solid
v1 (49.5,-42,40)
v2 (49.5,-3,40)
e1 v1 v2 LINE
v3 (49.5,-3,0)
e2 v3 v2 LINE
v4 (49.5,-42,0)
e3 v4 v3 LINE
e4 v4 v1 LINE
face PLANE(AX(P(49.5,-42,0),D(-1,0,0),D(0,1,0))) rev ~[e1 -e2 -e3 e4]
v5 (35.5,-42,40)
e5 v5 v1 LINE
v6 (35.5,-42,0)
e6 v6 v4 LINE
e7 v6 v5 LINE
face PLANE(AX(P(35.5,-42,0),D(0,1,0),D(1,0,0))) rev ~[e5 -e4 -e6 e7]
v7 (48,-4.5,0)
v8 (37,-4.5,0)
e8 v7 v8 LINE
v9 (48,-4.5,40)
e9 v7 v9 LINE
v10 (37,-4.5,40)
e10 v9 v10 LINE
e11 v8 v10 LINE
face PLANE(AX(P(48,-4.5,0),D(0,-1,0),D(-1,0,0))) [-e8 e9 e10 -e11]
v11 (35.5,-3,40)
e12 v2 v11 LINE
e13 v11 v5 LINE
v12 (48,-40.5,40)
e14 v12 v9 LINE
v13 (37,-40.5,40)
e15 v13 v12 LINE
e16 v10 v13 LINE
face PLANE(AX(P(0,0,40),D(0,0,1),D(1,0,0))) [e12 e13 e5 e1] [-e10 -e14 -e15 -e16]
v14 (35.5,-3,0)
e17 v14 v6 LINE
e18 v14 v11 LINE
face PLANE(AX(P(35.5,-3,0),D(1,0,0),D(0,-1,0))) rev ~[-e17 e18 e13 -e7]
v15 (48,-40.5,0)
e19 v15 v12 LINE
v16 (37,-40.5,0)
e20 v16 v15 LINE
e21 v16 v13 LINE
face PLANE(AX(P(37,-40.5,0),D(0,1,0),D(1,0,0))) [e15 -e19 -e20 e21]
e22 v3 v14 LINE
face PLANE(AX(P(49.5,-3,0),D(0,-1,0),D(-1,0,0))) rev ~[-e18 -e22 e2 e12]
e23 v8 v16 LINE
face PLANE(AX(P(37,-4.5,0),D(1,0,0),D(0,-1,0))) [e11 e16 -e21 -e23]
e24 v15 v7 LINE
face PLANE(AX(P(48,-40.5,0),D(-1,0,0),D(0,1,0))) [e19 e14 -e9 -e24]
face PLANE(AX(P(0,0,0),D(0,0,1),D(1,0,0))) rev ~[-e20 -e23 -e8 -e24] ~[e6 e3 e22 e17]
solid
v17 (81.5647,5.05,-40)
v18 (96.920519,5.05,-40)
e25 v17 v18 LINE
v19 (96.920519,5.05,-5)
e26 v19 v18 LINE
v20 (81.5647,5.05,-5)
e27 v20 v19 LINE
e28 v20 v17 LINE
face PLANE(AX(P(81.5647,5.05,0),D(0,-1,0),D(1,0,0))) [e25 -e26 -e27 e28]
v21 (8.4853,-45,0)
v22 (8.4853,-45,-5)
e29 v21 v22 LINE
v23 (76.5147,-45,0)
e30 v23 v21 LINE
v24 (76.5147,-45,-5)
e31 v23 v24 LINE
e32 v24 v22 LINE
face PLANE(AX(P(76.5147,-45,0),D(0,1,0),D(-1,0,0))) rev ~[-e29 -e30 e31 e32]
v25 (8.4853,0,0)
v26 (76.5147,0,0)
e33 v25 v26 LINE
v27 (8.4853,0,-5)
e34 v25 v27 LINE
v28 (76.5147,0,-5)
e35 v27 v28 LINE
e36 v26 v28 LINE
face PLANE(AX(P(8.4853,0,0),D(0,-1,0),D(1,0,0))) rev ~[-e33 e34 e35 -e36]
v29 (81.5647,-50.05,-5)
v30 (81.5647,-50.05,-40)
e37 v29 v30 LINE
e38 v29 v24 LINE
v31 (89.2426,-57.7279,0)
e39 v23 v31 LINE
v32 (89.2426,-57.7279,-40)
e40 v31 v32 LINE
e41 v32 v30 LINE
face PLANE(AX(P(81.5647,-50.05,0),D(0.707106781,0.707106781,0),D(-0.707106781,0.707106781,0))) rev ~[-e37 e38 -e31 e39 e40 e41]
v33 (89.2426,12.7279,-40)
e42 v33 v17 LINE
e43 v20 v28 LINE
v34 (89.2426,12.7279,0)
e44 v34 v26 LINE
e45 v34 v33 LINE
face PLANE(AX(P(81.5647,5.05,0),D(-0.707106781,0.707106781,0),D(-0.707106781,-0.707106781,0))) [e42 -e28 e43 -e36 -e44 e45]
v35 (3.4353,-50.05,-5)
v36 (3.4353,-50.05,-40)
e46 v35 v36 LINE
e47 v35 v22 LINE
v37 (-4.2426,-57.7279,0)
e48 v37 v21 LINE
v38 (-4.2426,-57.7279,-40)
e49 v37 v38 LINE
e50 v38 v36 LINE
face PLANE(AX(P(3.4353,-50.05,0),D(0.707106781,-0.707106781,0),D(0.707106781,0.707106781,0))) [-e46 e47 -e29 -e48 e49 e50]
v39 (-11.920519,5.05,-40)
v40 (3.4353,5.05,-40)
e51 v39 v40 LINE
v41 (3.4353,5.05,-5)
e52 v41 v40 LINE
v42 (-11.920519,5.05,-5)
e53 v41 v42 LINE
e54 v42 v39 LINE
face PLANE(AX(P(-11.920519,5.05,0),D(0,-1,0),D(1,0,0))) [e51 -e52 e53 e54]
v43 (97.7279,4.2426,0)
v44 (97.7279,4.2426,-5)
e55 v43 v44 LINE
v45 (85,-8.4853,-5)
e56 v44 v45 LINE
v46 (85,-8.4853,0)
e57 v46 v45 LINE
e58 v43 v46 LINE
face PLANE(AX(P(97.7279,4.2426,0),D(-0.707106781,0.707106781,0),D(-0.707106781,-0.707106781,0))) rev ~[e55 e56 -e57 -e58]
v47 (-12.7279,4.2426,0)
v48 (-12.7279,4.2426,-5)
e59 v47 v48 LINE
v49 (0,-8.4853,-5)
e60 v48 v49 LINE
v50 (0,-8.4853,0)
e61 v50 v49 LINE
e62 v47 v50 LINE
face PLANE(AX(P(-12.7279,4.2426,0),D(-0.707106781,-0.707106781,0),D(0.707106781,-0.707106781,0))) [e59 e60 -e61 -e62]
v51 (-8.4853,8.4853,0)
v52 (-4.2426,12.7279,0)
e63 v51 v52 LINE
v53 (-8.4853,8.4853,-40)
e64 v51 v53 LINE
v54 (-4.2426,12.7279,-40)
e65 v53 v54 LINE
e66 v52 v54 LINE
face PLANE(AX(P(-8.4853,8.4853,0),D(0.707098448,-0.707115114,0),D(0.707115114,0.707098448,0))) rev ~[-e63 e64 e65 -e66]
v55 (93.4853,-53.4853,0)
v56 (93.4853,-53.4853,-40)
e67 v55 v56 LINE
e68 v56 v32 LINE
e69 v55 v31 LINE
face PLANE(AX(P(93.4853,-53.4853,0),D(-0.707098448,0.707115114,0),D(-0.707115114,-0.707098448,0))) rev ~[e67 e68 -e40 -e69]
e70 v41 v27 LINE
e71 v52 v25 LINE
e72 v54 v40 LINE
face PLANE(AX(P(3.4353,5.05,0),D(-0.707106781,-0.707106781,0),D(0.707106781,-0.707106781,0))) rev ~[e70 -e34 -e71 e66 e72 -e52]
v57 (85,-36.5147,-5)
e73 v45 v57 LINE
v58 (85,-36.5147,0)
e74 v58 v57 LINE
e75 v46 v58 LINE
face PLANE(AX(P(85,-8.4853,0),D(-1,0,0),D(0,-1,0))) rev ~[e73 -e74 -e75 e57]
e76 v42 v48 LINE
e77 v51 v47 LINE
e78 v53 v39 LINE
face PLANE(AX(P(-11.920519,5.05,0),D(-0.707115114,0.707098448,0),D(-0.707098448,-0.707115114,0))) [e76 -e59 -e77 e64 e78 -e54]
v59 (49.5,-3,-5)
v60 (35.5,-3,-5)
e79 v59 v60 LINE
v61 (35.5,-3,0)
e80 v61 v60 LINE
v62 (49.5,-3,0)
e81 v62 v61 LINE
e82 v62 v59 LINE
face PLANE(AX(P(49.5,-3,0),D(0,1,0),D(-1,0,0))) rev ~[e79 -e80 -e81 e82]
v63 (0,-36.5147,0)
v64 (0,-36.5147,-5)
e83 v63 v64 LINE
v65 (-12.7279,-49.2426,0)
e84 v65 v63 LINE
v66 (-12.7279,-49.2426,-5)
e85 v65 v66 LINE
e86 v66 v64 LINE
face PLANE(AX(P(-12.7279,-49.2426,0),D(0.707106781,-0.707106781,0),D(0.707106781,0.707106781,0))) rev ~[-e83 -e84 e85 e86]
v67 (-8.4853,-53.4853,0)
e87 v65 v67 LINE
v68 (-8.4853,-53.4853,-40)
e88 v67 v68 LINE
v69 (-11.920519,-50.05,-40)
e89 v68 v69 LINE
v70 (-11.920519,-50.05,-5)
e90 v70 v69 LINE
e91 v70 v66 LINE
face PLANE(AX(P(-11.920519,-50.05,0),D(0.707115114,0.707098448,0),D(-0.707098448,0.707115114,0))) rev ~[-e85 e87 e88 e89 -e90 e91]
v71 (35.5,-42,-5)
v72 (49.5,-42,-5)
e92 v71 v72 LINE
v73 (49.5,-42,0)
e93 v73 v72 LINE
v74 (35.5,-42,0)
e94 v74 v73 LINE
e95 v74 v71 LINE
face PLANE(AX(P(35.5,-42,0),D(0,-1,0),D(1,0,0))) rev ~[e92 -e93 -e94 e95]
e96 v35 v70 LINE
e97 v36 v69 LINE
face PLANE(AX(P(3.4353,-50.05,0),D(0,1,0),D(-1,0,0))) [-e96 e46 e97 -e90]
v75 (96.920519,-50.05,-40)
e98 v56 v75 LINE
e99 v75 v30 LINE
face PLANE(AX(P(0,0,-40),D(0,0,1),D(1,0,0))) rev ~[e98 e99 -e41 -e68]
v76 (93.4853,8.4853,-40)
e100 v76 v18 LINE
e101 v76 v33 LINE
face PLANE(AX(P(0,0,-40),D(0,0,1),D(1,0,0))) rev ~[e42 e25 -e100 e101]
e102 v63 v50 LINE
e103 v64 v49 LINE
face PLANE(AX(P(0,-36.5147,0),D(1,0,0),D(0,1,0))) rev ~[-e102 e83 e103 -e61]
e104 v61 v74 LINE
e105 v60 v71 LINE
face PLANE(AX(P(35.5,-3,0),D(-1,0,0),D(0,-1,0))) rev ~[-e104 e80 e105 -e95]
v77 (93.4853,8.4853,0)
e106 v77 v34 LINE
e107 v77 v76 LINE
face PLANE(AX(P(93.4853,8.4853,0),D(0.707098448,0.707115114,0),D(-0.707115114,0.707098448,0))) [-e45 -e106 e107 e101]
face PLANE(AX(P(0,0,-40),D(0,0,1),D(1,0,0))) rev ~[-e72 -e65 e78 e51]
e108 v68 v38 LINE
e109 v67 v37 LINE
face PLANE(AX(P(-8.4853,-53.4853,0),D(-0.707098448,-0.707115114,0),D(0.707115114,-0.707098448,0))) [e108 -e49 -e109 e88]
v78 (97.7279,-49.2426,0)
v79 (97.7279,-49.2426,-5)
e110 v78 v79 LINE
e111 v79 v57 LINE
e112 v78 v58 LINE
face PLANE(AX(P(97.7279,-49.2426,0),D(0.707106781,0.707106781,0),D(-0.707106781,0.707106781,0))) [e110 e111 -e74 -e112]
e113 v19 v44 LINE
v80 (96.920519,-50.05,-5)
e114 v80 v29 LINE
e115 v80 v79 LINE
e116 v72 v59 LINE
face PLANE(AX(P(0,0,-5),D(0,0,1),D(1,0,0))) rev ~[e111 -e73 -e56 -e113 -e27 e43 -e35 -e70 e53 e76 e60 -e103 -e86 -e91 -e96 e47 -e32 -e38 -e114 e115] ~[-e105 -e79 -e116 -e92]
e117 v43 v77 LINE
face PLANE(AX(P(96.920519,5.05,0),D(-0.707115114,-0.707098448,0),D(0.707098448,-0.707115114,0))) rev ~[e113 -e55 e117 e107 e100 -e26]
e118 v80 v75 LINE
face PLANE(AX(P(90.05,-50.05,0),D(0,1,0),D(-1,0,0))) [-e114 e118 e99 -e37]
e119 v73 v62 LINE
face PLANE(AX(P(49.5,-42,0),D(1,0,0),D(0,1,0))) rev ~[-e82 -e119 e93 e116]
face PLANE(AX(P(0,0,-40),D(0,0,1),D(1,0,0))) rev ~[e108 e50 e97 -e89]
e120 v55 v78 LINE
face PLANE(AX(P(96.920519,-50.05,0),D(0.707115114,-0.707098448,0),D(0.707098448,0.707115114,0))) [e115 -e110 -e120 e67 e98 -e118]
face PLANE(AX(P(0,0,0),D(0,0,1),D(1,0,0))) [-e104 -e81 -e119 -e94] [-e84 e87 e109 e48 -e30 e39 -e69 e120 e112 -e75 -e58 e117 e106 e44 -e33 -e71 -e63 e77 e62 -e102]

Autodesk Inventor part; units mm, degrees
ref_plane "YZ Plane" through (0, 0, 0) normal (1, 0, 0) x (0, 1, 0)
ref_plane "XZ Plane" through (0, 0, 0) normal (0, 1, 0) x (-1, 0, 0)
ref_plane "XY Plane" through (0, 0, 0) normal (0, 0, 1) x (1, 0, 0)
sketch "Sketch1" plane through (0, 0, 0) normal (0, 0, 1) x (1, 0, 0)
  line L0 (0, 0) -> (85, 0)
  line L1 (85, 0) -> (85, -45)
  line L2 (85, -45) -> (0, -45)
  line L3 (0, -45) -> (0, 0)
  line L4 (0, -45) -> (-8.4853, -53.4853)
  line L5 (0, -45) -> (12, -45) construction
  line L6 (0, 0) -> (-8.4853, 8.4853)
  line L7 (0, 0) -> (12, 0) construction
  line L8 (85, 0) -> (93.4853, 8.4853)
  line L9 (85, 0) -> (97, 0) construction
  line L10 (85, -45) -> (93.4853, -53.4853)
  line L11 (-8.4853, 8.4853) -> (-4.2426, 12.7279)
  line L12 (-8.4853, 8.4853) -> (-12.7279, 4.2426)
  line L13 (93.4853, 8.4853) -> (89.2426, 12.7279)
  line L14 (93.4853, 8.4853) -> (97.7279, 4.2426)
  line L15 (93.4853, -53.4853) -> (97.7279, -49.2426)
  line L16 (93.4853, -53.4853) -> (89.2426, -57.7279)
  line L17 (-8.4853, -53.4853) -> (-4.2426, -57.7279)
  line L18 (-8.4853, -53.4853) -> (-12.7279, -49.2426)
  line L19 (-12.7279, -49.2426) -> (0, -36.5147)
  line L20 (-4.2426, -57.7279) -> (8.4853, -45)
  line L21 (-12.7279, 4.2426) -> (0, -8.4853)
  line L22 (-4.2426, 12.7279) -> (8.4853, 0)
  line L23 (89.2426, 12.7279) -> (76.5147, 0)
  line L24 (97.7279, 4.2426) -> (85, -8.4853)
  line L25 (97.7279, -49.2426) -> (85, -36.5147)
  line L26 (89.2426, -57.7279) -> (76.5147, -45)
  line L27 (-14.0147, 5.05) -> (99.0147, 5.05)
  line L28 (99.0147, 5.05) -> (99.0147, -50.05)
  line L29 (99.0147, -50.05) -> (-14.0147, -50.05)
  line L30 (-14.0147, -50.05) -> (-14.0147, 5.05)
  line L31 (-14.0147, 5.05) -> (99.0147, -50.05) construction
  line L32 (99.0147, 5.05) -> (-14.0147, -50.05) construction
  line L33 (37, -40.5) -> (48, -40.5)
  line L34 (48, -40.5) -> (48, -4.5)
  line L35 (48, -4.5) -> (37, -4.5)
  line L36 (37, -4.5) -> (37, -40.5)
  line L37 (37, -40.5) -> (48, -4.5) construction
  line L38 (48, -40.5) -> (37, -4.5) construction
  line L39 (49.5, -3) -> (35.5, -3)
  line L40 (35.5, -3) -> (35.5, -42)
  line L41 (35.5, -42) -> (49.5, -42)
  line L42 (49.5, -42) -> (49.5, -3)
  line L43 (49.5, -3) -> (35.5, -42) construction
  line L44 (35.5, -3) -> (49.5, -42) construction
  point P0 (42.5, -22.5)
  point P1 (96.9206, 5.05)
  point P2 (81.5647, 5.05)
  point P3 (81.5647, -50.05)
  point P4 (96.9206, -50.05)
  point P5 (-11.9206, -50.05)
  point P6 (3.4353, -50.05)
  point P7 (3.4353, 5.05)
  point P8 (-11.9206, 5.05)
  point P9 (8.4853, 0)
  dimension "d0" = 85
  dimension "d1" = 45
  dimension "d5" = 135
  dimension "d7" = 45
  dimension "d9" = 6
  dimension "d10" = 6
  dimension "d11" = 6
  dimension "d12" = 55.1
  dimension "d13" = 11
  dimension "d14" = 36
  dimension "d15" = 14
  dimension "d16" = 39
extrude "Extrusion1" add sketch "Sketch1" against normal blind 5 contours L6 L27 L22 L0 | L0 L1 L2 L3 | L3 L21 L12 L27 L6 | L23 L27 L8 L0 | L3 L4 L29 L18 L19 | L8 L27 L14 L24 L1 | L2 L20 L29 L4 | L25 L15 L29 L10 L1 | L2 L10 L29 L26
extrude "Extrusion2" add sketch "Sketch1" against normal blind 40 contours L27 L12 L6 | L6 L11 L22 L27 | L23 L13 L8 L27 | L8 L14 L27 | L29 L20 L17 L4 | L4 L18 L29 | L29 L10 L16 L26 | L29 L15 L10
extrude "Extrusion3" add sketch "Sketch1" along normal blind 40 contours L42 L41 L40 L39
equation "\"BendRadius\" = Thickness"
equation "\"BendReliefWidth\" = Thickness"
equation "\"BendReliefDepth\" = 0.5 * Thickness"
equation "\"CornerReliefSize\" = 4 * Thickness"
equation "\"MinimumRemnant\" = 2 * Thickness"
equation "\"TransitionRadius\" = BendRadius"
equation "\"JacobiRadiusSize\" = BendRadius"
equation "\"GapSize\" = Thickness"
equation "\"Thickness\" = 0.5"
